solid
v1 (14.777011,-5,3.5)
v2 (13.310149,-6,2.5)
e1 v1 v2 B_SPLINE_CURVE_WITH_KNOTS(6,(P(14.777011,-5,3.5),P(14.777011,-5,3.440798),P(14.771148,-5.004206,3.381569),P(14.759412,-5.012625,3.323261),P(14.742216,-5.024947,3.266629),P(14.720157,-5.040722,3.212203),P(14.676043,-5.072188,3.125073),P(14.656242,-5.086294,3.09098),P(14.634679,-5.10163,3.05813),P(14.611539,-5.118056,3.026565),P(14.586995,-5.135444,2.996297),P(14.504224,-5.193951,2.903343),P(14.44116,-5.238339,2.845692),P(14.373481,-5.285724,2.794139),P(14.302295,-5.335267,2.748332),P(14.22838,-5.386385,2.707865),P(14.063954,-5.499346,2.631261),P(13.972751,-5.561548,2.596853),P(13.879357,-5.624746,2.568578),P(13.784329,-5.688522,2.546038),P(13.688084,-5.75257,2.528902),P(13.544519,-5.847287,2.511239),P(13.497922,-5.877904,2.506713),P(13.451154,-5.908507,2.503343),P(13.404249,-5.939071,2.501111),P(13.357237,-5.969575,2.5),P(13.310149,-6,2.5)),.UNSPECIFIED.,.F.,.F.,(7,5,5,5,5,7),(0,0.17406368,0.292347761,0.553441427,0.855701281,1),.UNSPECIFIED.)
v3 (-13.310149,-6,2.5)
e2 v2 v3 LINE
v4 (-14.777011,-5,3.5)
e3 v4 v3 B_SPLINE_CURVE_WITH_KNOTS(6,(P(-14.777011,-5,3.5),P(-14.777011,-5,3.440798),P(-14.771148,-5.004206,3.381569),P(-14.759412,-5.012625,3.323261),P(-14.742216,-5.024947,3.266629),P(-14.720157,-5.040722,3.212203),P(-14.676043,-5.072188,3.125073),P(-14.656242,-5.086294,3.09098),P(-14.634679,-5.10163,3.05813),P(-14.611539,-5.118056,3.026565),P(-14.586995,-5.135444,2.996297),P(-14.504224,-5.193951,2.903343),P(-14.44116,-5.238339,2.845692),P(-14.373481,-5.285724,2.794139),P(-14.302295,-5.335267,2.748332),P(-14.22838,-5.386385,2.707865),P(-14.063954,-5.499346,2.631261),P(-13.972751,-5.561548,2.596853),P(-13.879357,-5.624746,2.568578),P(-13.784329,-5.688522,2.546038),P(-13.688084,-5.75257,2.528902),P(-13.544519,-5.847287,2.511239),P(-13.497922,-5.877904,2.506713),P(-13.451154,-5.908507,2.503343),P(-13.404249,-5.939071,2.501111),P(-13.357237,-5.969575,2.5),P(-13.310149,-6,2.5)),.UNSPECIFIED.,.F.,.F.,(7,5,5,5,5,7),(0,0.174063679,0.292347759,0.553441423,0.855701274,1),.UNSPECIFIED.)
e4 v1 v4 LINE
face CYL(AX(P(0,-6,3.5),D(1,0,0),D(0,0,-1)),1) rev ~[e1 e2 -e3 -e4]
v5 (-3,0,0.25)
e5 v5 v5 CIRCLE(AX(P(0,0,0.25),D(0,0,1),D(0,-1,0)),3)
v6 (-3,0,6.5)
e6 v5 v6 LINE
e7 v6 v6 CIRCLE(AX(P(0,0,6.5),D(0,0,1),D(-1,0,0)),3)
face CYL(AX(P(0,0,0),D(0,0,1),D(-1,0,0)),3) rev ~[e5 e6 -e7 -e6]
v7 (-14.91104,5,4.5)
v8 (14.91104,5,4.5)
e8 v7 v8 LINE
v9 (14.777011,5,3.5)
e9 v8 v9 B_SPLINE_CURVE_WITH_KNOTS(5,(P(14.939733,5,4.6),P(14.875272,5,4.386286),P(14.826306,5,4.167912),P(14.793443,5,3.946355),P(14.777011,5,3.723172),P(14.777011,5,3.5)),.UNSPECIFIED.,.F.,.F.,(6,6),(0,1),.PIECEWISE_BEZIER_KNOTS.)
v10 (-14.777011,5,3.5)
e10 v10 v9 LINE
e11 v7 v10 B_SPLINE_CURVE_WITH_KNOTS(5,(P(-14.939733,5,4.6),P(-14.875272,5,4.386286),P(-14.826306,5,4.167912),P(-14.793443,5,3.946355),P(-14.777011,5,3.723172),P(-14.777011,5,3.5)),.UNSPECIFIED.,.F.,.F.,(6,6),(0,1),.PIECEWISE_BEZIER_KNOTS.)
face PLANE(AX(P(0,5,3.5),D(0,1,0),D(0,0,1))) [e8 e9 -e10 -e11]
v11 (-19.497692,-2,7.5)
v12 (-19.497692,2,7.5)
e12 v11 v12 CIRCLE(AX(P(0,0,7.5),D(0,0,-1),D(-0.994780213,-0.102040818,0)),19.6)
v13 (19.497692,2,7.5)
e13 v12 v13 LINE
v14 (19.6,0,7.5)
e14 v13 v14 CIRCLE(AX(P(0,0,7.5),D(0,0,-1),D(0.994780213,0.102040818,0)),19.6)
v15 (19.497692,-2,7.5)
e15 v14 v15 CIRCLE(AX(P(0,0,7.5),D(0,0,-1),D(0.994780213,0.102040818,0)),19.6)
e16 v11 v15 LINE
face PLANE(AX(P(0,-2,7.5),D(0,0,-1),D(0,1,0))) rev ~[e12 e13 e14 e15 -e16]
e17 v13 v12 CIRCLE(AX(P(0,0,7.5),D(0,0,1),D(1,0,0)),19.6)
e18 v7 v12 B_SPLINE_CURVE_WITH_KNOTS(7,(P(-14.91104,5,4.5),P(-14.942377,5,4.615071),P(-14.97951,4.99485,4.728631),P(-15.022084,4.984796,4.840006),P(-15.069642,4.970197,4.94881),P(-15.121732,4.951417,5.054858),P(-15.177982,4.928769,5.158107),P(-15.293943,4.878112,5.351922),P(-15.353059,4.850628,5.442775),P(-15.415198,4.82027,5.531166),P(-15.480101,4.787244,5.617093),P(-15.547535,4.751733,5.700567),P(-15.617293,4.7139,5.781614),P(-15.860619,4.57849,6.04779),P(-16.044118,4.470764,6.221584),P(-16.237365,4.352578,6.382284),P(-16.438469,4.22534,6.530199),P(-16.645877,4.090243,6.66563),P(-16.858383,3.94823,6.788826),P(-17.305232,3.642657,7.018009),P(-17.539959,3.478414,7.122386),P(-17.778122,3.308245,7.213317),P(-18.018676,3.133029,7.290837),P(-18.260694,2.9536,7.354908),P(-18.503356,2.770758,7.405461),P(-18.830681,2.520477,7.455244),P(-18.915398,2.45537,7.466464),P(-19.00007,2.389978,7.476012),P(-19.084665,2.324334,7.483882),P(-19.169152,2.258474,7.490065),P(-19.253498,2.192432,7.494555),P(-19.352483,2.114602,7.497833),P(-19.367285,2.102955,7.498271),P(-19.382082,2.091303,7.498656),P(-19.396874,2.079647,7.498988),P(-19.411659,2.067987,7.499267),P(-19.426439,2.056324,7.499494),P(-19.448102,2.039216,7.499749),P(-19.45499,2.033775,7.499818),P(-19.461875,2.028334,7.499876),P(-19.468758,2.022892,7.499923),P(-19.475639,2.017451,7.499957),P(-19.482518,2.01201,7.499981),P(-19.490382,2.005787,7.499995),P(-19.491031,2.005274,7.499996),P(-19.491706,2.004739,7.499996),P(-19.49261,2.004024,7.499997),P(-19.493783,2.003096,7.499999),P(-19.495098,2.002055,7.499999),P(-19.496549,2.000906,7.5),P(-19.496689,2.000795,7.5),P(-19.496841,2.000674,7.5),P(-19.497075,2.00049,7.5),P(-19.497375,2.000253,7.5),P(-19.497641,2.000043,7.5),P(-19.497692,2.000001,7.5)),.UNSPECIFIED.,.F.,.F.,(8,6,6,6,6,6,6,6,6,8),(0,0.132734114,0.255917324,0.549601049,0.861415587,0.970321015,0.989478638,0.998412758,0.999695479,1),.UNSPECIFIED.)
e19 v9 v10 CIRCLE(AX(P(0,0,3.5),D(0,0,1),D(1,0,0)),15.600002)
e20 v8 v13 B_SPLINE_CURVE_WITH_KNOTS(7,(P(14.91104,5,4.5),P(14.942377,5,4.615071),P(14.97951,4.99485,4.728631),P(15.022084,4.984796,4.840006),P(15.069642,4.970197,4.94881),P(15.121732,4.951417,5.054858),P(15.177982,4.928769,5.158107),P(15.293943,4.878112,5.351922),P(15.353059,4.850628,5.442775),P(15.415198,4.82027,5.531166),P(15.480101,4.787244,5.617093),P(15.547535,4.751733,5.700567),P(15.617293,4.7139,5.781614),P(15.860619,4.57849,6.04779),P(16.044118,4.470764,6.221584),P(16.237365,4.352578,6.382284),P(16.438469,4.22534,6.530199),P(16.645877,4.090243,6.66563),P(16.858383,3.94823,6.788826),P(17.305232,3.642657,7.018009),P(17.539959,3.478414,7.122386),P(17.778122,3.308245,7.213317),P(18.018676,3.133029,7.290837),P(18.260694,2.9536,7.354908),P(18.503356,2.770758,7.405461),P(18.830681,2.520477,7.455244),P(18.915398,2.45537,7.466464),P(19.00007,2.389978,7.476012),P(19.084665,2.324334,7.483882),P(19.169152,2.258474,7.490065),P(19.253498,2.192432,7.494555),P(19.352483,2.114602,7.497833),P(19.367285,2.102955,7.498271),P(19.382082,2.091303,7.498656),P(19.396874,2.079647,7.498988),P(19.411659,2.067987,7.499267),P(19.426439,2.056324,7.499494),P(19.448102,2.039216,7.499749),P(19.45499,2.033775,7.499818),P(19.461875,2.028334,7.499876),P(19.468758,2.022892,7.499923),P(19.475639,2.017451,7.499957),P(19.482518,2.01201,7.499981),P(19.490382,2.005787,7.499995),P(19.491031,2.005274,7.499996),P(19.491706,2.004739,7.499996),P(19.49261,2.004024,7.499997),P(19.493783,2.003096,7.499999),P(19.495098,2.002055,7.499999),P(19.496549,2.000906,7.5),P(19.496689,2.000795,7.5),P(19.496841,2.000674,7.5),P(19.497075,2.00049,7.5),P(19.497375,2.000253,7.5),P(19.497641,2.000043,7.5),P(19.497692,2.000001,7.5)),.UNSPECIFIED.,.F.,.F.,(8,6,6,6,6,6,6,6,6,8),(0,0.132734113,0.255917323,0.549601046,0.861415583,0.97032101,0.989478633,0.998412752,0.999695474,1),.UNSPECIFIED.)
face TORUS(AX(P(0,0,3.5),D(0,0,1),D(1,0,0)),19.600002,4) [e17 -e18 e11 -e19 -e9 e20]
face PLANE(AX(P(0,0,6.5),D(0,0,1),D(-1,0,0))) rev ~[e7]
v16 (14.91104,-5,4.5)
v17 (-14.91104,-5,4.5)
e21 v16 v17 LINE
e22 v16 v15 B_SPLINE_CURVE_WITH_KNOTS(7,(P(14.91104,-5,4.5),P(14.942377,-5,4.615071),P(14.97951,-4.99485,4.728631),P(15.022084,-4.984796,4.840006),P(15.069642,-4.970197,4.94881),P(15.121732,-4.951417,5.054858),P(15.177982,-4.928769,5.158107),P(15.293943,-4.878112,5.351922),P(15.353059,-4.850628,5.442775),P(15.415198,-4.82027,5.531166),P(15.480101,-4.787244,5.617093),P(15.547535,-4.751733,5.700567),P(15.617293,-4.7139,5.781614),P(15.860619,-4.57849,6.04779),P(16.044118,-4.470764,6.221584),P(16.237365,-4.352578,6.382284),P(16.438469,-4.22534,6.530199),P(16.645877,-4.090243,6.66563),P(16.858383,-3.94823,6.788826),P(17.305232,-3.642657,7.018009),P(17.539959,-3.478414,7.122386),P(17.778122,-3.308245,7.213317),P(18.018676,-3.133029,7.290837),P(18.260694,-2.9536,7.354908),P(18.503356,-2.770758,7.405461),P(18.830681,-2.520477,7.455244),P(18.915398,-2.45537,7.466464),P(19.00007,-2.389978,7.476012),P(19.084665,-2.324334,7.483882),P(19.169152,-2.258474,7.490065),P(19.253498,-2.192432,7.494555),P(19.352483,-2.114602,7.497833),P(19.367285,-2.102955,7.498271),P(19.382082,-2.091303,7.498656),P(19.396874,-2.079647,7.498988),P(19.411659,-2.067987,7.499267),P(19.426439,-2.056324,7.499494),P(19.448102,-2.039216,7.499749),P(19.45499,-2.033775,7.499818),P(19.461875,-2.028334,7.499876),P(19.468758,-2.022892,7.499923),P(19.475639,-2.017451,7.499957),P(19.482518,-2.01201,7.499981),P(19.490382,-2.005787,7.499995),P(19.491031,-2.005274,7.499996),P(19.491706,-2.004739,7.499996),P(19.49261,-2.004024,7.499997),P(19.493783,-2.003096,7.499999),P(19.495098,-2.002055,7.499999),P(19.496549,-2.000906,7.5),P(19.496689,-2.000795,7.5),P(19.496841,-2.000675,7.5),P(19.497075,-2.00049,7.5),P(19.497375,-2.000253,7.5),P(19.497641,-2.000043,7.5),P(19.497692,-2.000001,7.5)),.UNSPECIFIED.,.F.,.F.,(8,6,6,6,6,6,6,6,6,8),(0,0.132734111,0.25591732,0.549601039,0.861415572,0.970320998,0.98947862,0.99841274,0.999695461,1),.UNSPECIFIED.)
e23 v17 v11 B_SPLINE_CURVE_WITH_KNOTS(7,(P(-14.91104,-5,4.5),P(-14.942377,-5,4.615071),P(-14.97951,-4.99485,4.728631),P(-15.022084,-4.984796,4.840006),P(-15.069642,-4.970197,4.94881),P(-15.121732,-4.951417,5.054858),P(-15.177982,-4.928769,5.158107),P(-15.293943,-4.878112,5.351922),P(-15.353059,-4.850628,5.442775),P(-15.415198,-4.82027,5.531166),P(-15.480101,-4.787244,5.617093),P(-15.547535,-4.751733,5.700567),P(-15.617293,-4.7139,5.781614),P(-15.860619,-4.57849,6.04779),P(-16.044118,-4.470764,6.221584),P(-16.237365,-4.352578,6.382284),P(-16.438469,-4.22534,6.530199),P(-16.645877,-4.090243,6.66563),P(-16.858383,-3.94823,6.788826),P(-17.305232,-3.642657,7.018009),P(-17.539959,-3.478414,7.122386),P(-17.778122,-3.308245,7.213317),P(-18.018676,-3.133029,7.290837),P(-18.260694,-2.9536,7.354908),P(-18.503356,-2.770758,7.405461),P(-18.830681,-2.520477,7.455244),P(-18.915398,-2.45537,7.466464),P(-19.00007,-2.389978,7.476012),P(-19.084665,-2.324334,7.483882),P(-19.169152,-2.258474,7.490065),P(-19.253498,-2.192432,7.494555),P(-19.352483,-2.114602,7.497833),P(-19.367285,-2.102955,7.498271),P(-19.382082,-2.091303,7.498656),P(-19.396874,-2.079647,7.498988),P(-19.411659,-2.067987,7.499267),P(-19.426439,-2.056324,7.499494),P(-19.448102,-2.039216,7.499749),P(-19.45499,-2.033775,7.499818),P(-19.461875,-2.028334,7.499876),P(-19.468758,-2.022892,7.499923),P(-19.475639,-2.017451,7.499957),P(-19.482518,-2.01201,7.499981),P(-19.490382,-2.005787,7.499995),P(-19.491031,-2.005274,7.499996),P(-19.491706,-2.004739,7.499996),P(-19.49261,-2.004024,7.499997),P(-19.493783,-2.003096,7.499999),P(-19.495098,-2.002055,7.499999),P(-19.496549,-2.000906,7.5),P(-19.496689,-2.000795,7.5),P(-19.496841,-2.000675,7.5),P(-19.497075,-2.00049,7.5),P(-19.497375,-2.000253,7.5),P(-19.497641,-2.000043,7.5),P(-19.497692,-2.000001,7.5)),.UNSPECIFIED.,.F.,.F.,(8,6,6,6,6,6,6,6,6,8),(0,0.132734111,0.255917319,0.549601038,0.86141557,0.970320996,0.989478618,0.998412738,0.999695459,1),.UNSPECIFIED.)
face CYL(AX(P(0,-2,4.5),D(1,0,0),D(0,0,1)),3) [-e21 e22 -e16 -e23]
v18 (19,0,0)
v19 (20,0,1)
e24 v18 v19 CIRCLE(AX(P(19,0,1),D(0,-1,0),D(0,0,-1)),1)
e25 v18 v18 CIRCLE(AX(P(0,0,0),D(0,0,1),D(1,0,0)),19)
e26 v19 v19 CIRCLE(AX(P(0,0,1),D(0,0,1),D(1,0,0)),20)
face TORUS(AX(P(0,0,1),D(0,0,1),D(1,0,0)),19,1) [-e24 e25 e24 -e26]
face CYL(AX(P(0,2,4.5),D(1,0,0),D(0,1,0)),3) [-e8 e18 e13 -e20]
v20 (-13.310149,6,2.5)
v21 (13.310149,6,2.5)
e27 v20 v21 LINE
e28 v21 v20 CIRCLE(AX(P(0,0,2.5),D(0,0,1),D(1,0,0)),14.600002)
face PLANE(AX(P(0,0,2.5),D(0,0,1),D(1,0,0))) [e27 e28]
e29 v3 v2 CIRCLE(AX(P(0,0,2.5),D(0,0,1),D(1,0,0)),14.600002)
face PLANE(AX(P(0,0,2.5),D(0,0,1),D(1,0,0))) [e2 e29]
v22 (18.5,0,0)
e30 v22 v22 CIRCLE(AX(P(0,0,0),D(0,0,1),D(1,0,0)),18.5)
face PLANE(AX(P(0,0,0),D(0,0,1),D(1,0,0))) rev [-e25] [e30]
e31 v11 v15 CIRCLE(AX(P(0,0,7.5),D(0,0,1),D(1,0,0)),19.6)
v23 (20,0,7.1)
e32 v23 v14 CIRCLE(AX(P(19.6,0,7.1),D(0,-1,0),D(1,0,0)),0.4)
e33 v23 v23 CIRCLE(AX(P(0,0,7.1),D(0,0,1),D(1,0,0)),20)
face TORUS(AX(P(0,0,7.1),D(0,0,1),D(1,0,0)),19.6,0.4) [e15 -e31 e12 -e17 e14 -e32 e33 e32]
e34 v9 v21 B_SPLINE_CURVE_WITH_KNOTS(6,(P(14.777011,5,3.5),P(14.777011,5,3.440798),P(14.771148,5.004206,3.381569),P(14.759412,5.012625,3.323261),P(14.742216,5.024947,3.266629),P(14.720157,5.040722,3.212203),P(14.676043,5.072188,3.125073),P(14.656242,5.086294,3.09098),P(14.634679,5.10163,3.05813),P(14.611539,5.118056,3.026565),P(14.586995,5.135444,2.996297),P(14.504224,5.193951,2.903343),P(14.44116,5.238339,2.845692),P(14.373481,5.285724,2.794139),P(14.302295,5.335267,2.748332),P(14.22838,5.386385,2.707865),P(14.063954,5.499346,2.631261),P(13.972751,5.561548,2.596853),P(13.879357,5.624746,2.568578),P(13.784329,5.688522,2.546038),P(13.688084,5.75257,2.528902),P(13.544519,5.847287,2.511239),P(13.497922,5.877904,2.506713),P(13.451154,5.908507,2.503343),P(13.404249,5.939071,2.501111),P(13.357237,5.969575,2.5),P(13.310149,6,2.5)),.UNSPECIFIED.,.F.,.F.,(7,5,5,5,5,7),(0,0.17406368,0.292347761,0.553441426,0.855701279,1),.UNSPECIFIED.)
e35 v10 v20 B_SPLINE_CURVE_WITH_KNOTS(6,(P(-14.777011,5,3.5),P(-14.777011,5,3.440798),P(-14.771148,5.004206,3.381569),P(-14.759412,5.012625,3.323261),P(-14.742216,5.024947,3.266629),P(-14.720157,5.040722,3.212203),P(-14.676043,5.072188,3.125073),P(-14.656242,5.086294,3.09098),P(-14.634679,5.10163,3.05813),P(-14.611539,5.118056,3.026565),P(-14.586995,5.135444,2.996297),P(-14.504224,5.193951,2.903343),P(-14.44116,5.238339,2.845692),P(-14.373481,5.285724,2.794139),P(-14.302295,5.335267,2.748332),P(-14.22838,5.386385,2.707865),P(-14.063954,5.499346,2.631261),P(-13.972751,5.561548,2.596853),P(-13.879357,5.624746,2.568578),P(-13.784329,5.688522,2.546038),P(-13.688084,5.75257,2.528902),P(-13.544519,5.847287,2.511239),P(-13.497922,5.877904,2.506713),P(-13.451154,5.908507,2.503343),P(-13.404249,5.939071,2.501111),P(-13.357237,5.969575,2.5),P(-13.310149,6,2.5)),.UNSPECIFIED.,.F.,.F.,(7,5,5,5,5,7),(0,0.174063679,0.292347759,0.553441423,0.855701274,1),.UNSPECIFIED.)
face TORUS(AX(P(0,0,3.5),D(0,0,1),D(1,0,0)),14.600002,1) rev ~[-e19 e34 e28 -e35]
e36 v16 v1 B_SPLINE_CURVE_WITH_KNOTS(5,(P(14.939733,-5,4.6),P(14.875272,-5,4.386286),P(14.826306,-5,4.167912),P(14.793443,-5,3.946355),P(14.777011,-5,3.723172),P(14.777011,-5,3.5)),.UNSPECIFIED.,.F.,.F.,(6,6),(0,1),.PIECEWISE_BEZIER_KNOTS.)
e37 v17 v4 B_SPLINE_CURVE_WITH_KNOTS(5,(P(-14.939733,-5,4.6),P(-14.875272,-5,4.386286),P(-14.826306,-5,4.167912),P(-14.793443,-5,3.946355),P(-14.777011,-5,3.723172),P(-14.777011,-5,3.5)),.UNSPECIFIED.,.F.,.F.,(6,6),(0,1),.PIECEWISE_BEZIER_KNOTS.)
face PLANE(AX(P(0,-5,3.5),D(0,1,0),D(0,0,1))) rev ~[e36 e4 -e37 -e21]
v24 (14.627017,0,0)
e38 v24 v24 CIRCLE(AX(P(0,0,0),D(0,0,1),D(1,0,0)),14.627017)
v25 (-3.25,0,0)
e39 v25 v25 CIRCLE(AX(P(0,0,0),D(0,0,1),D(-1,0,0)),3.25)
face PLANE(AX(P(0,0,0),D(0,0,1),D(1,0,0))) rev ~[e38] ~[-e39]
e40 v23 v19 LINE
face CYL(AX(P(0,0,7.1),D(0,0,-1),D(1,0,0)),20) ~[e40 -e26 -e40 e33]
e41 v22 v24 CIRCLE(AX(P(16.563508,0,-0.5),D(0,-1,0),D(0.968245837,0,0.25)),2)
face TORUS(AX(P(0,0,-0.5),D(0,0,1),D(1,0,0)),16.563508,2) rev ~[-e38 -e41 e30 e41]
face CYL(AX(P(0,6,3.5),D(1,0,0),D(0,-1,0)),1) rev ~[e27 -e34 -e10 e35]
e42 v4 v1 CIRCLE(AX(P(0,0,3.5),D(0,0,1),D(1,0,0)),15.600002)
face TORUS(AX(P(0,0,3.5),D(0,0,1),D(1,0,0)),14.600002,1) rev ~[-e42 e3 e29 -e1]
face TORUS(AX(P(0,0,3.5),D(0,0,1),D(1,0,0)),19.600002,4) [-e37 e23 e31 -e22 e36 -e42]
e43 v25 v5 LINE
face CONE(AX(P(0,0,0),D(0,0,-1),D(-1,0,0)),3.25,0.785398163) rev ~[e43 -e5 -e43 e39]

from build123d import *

# Parameters (mm, degrees)
PAD_DEPTH         = 19.5999997669
SKETCH003_R       = 39.1999995338
SKETCH003_R_2     = 19.5999997669
POCKET_DEPTH      = 0.001
POCKET_DEPTH_BACK = 7.501
HOLE_D            = 6
HOLE_DEPTH        = 6.5
HOLE_CSINK_D      = 6.5
HOLE_CSINK_ANGLE  = 90


with BuildPart() as part:
    # Sketch002 → Pad (new body, symmetric)
    with BuildSketch(Plane.YZ):
        with BuildLine():
            Line((-6, 2.5), (6, 2.5))
            ThreePointArc((5, 3.5), (5.2928932188, 2.7928932188), (6, 2.5))
            Line((5, 3.5), (5, 4.5))
            ThreePointArc((5, 4.5), (4.1213203436, 6.6213203436), (2, 7.5))
            Line((-2, 7.5), (2, 7.5))
            ThreePointArc((-2, 7.5), (-4.1213203436, 6.6213203436), (-5, 4.5))
            Line((-5, 3.5), (-5, 4.5))
            ThreePointArc((-6, 2.5), (-5.2928932188, 2.7928932188), (-5, 3.5))
        make_face()
    extrude(amount=PAD_DEPTH, both=True)

    # Sketch003 → Pocket (cut, two sides)
    with BuildSketch(Plane.XY) as pocket_sk:
        Circle(SKETCH003_R)
        Circle(SKETCH003_R_2, mode=Mode.SUBTRACT)
    extrude(amount=-POCKET_DEPTH, mode=Mode.SUBTRACT)
    extrude(pocket_sk.sketch, amount=POCKET_DEPTH_BACK, mode=Mode.SUBTRACT)

    # Sketch → Revolution (revolve)
    with BuildSketch(Plane.XZ):
        with BuildLine():
            ThreePointArc((19.5999997669, 7.5), (16.771574149, 6.3284263007), (15.6000020978, 3.5))
            ThreePointArc((14.6000020978, 2.5), (15.307108879, 2.7928932188), (15.6000020978, 3.5))
            Line((14.6000020978, 2.5), (0, 2.5))
            Line((0, 2.5), (0, 0))
            Line((14.6270166538, 0), (0, 0))
            ThreePointArc((18.5, 0), (16.5635083269, 1.5), (14.6270166538, 0))
            Line((18.5, 0), (19, 0))
            ThreePointArc((19, 0), (19.7071067812, 0.2928932188), (20, 1))
            Line((20, 7.1), (20, 1))
            ThreePointArc((20, 7.1), (19.8828426301, 7.3828427949), (19.5999997669, 7.5))
        make_face()
    revolve(axis=Axis((0, 0, 0), (0, 0, 1)))

    # Hole
    with Locations(Plane(origin=(0, 0, 0), x_dir=(1, 0, 0), z_dir=(0, 0, -1))):
        with Locations((0, 0)):
            CounterSinkHole(HOLE_D / 2, HOLE_CSINK_D / 2, depth=HOLE_DEPTH, counter_sink_angle=HOLE_CSINK_ANGLE)


solid = part.part
